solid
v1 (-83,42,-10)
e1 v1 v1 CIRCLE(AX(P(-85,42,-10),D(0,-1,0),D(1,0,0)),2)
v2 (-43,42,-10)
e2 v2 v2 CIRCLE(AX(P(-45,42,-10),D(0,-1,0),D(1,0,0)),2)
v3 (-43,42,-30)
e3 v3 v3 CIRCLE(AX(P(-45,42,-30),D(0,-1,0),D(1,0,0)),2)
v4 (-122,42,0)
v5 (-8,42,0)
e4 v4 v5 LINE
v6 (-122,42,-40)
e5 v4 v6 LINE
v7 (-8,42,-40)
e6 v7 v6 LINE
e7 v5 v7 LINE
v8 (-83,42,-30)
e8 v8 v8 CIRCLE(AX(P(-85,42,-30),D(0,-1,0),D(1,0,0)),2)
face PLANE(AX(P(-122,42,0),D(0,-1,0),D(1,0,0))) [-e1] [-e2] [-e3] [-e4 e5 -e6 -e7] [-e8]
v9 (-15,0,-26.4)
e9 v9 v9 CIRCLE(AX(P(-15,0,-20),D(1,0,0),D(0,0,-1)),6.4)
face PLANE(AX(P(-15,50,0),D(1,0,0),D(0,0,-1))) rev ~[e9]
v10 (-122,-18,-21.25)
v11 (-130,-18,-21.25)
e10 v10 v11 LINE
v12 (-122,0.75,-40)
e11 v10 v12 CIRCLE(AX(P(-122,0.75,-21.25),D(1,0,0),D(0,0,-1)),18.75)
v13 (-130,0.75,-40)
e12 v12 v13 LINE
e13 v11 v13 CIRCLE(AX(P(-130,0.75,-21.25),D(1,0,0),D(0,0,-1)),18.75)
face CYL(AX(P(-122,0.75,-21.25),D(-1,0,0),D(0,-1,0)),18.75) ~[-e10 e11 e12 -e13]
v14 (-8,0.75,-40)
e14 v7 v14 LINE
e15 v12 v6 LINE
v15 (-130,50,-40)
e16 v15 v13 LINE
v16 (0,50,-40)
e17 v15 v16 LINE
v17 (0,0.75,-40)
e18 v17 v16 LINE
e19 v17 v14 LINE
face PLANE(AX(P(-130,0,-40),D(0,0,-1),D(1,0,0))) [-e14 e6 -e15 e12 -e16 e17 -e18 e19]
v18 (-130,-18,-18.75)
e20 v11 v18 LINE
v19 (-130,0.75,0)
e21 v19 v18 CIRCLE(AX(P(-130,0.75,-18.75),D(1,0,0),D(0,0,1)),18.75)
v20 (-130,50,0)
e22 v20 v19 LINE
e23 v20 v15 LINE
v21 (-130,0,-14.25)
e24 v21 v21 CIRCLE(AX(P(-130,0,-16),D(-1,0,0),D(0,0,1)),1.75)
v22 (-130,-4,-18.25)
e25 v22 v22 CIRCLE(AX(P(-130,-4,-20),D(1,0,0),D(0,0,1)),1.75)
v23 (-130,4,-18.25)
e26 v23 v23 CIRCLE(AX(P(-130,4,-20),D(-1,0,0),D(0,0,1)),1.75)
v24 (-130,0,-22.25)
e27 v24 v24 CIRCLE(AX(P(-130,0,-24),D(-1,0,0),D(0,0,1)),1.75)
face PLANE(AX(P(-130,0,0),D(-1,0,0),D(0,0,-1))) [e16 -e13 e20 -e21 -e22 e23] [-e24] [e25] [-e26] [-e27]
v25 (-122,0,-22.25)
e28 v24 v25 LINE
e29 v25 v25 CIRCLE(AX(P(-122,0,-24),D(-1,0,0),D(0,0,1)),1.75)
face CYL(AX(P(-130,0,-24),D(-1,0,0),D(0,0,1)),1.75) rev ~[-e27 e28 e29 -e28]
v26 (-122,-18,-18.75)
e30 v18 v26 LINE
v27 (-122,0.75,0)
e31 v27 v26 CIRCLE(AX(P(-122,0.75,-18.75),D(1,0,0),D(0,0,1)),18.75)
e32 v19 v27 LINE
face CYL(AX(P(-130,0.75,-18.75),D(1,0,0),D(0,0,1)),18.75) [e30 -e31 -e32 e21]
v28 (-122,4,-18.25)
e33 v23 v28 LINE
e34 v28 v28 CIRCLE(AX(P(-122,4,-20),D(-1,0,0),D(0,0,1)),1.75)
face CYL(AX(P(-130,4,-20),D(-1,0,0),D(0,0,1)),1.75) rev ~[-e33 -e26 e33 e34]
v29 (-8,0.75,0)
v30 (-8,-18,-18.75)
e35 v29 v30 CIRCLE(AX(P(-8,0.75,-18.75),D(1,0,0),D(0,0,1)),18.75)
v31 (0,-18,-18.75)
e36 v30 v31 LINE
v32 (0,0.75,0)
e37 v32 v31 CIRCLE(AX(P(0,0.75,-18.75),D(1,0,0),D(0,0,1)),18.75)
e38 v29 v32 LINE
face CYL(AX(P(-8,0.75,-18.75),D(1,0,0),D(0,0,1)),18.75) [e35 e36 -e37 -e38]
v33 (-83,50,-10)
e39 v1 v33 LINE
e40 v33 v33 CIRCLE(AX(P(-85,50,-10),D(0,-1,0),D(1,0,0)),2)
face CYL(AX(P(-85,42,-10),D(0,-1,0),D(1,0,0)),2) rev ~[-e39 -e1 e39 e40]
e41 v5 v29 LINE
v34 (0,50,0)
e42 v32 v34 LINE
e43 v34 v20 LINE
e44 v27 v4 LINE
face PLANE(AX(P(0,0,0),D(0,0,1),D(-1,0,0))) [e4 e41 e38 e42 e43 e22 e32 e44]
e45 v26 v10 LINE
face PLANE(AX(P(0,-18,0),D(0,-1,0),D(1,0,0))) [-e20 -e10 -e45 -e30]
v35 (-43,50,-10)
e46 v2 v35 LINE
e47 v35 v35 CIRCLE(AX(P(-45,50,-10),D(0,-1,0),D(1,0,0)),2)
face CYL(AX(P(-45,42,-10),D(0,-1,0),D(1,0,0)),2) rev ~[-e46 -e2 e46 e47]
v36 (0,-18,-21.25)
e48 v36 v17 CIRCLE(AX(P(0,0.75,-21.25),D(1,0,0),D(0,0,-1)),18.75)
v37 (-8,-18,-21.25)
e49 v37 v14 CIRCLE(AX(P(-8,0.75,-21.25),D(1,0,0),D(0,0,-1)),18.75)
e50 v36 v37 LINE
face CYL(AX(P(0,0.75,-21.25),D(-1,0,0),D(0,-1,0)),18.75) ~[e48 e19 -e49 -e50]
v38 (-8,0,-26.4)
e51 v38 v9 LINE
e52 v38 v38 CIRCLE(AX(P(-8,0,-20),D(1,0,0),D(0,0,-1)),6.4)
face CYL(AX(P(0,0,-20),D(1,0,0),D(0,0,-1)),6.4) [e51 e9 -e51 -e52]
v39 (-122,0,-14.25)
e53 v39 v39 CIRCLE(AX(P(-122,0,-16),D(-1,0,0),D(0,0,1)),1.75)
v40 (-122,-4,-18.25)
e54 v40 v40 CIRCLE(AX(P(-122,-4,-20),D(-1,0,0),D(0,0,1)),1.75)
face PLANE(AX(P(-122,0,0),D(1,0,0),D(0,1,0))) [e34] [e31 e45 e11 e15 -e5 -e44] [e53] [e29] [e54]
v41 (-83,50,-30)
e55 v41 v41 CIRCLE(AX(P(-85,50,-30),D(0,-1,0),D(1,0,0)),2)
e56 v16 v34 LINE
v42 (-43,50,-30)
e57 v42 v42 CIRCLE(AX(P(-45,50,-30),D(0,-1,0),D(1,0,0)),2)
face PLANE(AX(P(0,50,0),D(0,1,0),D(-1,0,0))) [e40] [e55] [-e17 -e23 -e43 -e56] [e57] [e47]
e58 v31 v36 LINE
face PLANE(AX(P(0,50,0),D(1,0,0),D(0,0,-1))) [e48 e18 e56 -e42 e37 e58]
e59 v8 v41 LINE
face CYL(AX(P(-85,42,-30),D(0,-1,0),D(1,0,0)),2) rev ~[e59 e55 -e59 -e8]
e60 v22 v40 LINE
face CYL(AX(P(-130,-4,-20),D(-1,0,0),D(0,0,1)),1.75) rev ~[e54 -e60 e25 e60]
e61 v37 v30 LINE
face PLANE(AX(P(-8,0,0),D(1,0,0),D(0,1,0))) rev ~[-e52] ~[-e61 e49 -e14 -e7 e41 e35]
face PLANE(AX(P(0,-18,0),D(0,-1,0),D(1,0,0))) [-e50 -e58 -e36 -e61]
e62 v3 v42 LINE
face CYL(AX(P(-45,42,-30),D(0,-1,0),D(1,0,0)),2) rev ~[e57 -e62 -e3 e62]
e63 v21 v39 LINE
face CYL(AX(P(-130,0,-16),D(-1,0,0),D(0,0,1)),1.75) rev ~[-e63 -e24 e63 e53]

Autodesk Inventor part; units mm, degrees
ref_plane "YZ Plane" through (0, 0, 0) normal (1, 0, 0) x (0, 1, 0)
ref_plane "XZ Plane" through (0, 0, 0) normal (0, 1, 0) x (-1, 0, 0)
ref_plane "XY Plane" through (0, 0, 0) normal (0, 0, 1) x (1, 0, 0)
sketch "Sketch1" plane through (0, 0, 0) normal (0, 1, 0) x (-1, 0, 0)
  line L0 (0, 0) -> (130, 0)
  line L1 (130, 0) -> (130, -40)
  line L2 (130, -40) -> (0, -40)
  line L3 (0, -40) -> (0, 0)
  dimension "d0" = 130
  dimension "d1" = 40
extrude "Extrusion1" add sketch "Sketch1" along normal blind 50
sketch "Sketch3" plane through (-130, 0, 0) normal (0, 0, 1) x (1, 0, 0)
  line L0 (130, 0) -> (0, 0) projected
  line L1 (0, 0) -> (8, 0)
  line L2 (8, 0) -> (8, 42)
  line L3 (130, 50) -> (0, 50) projected
  line L4 (122, 0) -> (122, 42)
  line L5 (8, 42) -> (122, 42)
  line L6 (8, 0) -> (122, 0)
  dimension "d8" = 8
  dimension "d9" = 42
extrude "Extrusion3" cut sketch "Sketch3" against normal through all
sketch "Sketch4" plane through (0, 0, 0) normal (0, -1, 0) x (1, 0, 0)
  line L0 (-130, -40) -> (-130, 0) projected
  line L1 (-8, -40) -> (-122, -40) projected
  line L2 (-130, 0) -> (-122, 0)
  line L3 (-122, 0) -> (-122, -40)
  line L4 (-122, -40) -> (-130, -40)
  line L5 (-130, -40) -> (-130, 0)
  line L6 (-8, 0) -> (0, 0)
  line L7 (0, 0) -> (0, -40)
  line L8 (0, -40) -> (-8, -40)
  line L9 (-8, -40) -> (-8, 0)
extrude "Extrusion4" add sketch "Sketch4" along normal blind 18
sketch "Sketch7" plane through (-130, 50, -40) normal (-1, 0, 0) x (0, 0, 1)
  line L0 (40, -68) -> (0, -68) projected
  line L1 (20, -68) -> (20, -50)
  circle A0 centre (20, -46) radius 1.75
  circle A1 centre (16, -50) radius 1.75
  circle A2 centre (20, -54) radius 1.75
  circle A3 centre (24, -50) radius 1.75
  point P0 (40, -50)
  dimension "d23" = 18
  dimension "d25" = 3.5
  dimension "d28" = 360
extrude "Extrusion6" cut sketch "Sketch7" against normal up to surface (8 mm away)
fillet "Fillet1" radius 18.75 4 edges at (-126, -18, -40) (-126, -18, 0) (-4, -18, 0) (-4, -18, -40)
sketch "Sketch8" plane through (0, 50, 0) normal (1, 0, 0) x (0, 0, -1)
  line L0 (16, -50) -> (24, -50)
  line L1 (20, -54) -> (20, -46)
  circle A0 centre (20, -50) radius 6.4
  point P0 (0, -50)
  dimension "d33" = 12.8
extrude "Extrusion7" add sketch "Sketch8" against normal blind 15
sketch "Sketch9" plane through (-122, 42, 0) normal (0, -1, 0) x (1, 0, 0)
  line L0 (-8, 0) -> (122, 0) projected
  line L1 (122, -40) -> (-8, -40) projected
  circle A0 centre (77, -10) radius 2
  circle A1 centre (77, -30) radius 2
  circle A2 centre (37, -30) radius 2
  circle A3 centre (37, -10) radius 2
  dimension "d40" = 4
extrude "Extrusion8" cut sketch "Sketch9" against normal through all
properties part number "tilt_output_bracket"
